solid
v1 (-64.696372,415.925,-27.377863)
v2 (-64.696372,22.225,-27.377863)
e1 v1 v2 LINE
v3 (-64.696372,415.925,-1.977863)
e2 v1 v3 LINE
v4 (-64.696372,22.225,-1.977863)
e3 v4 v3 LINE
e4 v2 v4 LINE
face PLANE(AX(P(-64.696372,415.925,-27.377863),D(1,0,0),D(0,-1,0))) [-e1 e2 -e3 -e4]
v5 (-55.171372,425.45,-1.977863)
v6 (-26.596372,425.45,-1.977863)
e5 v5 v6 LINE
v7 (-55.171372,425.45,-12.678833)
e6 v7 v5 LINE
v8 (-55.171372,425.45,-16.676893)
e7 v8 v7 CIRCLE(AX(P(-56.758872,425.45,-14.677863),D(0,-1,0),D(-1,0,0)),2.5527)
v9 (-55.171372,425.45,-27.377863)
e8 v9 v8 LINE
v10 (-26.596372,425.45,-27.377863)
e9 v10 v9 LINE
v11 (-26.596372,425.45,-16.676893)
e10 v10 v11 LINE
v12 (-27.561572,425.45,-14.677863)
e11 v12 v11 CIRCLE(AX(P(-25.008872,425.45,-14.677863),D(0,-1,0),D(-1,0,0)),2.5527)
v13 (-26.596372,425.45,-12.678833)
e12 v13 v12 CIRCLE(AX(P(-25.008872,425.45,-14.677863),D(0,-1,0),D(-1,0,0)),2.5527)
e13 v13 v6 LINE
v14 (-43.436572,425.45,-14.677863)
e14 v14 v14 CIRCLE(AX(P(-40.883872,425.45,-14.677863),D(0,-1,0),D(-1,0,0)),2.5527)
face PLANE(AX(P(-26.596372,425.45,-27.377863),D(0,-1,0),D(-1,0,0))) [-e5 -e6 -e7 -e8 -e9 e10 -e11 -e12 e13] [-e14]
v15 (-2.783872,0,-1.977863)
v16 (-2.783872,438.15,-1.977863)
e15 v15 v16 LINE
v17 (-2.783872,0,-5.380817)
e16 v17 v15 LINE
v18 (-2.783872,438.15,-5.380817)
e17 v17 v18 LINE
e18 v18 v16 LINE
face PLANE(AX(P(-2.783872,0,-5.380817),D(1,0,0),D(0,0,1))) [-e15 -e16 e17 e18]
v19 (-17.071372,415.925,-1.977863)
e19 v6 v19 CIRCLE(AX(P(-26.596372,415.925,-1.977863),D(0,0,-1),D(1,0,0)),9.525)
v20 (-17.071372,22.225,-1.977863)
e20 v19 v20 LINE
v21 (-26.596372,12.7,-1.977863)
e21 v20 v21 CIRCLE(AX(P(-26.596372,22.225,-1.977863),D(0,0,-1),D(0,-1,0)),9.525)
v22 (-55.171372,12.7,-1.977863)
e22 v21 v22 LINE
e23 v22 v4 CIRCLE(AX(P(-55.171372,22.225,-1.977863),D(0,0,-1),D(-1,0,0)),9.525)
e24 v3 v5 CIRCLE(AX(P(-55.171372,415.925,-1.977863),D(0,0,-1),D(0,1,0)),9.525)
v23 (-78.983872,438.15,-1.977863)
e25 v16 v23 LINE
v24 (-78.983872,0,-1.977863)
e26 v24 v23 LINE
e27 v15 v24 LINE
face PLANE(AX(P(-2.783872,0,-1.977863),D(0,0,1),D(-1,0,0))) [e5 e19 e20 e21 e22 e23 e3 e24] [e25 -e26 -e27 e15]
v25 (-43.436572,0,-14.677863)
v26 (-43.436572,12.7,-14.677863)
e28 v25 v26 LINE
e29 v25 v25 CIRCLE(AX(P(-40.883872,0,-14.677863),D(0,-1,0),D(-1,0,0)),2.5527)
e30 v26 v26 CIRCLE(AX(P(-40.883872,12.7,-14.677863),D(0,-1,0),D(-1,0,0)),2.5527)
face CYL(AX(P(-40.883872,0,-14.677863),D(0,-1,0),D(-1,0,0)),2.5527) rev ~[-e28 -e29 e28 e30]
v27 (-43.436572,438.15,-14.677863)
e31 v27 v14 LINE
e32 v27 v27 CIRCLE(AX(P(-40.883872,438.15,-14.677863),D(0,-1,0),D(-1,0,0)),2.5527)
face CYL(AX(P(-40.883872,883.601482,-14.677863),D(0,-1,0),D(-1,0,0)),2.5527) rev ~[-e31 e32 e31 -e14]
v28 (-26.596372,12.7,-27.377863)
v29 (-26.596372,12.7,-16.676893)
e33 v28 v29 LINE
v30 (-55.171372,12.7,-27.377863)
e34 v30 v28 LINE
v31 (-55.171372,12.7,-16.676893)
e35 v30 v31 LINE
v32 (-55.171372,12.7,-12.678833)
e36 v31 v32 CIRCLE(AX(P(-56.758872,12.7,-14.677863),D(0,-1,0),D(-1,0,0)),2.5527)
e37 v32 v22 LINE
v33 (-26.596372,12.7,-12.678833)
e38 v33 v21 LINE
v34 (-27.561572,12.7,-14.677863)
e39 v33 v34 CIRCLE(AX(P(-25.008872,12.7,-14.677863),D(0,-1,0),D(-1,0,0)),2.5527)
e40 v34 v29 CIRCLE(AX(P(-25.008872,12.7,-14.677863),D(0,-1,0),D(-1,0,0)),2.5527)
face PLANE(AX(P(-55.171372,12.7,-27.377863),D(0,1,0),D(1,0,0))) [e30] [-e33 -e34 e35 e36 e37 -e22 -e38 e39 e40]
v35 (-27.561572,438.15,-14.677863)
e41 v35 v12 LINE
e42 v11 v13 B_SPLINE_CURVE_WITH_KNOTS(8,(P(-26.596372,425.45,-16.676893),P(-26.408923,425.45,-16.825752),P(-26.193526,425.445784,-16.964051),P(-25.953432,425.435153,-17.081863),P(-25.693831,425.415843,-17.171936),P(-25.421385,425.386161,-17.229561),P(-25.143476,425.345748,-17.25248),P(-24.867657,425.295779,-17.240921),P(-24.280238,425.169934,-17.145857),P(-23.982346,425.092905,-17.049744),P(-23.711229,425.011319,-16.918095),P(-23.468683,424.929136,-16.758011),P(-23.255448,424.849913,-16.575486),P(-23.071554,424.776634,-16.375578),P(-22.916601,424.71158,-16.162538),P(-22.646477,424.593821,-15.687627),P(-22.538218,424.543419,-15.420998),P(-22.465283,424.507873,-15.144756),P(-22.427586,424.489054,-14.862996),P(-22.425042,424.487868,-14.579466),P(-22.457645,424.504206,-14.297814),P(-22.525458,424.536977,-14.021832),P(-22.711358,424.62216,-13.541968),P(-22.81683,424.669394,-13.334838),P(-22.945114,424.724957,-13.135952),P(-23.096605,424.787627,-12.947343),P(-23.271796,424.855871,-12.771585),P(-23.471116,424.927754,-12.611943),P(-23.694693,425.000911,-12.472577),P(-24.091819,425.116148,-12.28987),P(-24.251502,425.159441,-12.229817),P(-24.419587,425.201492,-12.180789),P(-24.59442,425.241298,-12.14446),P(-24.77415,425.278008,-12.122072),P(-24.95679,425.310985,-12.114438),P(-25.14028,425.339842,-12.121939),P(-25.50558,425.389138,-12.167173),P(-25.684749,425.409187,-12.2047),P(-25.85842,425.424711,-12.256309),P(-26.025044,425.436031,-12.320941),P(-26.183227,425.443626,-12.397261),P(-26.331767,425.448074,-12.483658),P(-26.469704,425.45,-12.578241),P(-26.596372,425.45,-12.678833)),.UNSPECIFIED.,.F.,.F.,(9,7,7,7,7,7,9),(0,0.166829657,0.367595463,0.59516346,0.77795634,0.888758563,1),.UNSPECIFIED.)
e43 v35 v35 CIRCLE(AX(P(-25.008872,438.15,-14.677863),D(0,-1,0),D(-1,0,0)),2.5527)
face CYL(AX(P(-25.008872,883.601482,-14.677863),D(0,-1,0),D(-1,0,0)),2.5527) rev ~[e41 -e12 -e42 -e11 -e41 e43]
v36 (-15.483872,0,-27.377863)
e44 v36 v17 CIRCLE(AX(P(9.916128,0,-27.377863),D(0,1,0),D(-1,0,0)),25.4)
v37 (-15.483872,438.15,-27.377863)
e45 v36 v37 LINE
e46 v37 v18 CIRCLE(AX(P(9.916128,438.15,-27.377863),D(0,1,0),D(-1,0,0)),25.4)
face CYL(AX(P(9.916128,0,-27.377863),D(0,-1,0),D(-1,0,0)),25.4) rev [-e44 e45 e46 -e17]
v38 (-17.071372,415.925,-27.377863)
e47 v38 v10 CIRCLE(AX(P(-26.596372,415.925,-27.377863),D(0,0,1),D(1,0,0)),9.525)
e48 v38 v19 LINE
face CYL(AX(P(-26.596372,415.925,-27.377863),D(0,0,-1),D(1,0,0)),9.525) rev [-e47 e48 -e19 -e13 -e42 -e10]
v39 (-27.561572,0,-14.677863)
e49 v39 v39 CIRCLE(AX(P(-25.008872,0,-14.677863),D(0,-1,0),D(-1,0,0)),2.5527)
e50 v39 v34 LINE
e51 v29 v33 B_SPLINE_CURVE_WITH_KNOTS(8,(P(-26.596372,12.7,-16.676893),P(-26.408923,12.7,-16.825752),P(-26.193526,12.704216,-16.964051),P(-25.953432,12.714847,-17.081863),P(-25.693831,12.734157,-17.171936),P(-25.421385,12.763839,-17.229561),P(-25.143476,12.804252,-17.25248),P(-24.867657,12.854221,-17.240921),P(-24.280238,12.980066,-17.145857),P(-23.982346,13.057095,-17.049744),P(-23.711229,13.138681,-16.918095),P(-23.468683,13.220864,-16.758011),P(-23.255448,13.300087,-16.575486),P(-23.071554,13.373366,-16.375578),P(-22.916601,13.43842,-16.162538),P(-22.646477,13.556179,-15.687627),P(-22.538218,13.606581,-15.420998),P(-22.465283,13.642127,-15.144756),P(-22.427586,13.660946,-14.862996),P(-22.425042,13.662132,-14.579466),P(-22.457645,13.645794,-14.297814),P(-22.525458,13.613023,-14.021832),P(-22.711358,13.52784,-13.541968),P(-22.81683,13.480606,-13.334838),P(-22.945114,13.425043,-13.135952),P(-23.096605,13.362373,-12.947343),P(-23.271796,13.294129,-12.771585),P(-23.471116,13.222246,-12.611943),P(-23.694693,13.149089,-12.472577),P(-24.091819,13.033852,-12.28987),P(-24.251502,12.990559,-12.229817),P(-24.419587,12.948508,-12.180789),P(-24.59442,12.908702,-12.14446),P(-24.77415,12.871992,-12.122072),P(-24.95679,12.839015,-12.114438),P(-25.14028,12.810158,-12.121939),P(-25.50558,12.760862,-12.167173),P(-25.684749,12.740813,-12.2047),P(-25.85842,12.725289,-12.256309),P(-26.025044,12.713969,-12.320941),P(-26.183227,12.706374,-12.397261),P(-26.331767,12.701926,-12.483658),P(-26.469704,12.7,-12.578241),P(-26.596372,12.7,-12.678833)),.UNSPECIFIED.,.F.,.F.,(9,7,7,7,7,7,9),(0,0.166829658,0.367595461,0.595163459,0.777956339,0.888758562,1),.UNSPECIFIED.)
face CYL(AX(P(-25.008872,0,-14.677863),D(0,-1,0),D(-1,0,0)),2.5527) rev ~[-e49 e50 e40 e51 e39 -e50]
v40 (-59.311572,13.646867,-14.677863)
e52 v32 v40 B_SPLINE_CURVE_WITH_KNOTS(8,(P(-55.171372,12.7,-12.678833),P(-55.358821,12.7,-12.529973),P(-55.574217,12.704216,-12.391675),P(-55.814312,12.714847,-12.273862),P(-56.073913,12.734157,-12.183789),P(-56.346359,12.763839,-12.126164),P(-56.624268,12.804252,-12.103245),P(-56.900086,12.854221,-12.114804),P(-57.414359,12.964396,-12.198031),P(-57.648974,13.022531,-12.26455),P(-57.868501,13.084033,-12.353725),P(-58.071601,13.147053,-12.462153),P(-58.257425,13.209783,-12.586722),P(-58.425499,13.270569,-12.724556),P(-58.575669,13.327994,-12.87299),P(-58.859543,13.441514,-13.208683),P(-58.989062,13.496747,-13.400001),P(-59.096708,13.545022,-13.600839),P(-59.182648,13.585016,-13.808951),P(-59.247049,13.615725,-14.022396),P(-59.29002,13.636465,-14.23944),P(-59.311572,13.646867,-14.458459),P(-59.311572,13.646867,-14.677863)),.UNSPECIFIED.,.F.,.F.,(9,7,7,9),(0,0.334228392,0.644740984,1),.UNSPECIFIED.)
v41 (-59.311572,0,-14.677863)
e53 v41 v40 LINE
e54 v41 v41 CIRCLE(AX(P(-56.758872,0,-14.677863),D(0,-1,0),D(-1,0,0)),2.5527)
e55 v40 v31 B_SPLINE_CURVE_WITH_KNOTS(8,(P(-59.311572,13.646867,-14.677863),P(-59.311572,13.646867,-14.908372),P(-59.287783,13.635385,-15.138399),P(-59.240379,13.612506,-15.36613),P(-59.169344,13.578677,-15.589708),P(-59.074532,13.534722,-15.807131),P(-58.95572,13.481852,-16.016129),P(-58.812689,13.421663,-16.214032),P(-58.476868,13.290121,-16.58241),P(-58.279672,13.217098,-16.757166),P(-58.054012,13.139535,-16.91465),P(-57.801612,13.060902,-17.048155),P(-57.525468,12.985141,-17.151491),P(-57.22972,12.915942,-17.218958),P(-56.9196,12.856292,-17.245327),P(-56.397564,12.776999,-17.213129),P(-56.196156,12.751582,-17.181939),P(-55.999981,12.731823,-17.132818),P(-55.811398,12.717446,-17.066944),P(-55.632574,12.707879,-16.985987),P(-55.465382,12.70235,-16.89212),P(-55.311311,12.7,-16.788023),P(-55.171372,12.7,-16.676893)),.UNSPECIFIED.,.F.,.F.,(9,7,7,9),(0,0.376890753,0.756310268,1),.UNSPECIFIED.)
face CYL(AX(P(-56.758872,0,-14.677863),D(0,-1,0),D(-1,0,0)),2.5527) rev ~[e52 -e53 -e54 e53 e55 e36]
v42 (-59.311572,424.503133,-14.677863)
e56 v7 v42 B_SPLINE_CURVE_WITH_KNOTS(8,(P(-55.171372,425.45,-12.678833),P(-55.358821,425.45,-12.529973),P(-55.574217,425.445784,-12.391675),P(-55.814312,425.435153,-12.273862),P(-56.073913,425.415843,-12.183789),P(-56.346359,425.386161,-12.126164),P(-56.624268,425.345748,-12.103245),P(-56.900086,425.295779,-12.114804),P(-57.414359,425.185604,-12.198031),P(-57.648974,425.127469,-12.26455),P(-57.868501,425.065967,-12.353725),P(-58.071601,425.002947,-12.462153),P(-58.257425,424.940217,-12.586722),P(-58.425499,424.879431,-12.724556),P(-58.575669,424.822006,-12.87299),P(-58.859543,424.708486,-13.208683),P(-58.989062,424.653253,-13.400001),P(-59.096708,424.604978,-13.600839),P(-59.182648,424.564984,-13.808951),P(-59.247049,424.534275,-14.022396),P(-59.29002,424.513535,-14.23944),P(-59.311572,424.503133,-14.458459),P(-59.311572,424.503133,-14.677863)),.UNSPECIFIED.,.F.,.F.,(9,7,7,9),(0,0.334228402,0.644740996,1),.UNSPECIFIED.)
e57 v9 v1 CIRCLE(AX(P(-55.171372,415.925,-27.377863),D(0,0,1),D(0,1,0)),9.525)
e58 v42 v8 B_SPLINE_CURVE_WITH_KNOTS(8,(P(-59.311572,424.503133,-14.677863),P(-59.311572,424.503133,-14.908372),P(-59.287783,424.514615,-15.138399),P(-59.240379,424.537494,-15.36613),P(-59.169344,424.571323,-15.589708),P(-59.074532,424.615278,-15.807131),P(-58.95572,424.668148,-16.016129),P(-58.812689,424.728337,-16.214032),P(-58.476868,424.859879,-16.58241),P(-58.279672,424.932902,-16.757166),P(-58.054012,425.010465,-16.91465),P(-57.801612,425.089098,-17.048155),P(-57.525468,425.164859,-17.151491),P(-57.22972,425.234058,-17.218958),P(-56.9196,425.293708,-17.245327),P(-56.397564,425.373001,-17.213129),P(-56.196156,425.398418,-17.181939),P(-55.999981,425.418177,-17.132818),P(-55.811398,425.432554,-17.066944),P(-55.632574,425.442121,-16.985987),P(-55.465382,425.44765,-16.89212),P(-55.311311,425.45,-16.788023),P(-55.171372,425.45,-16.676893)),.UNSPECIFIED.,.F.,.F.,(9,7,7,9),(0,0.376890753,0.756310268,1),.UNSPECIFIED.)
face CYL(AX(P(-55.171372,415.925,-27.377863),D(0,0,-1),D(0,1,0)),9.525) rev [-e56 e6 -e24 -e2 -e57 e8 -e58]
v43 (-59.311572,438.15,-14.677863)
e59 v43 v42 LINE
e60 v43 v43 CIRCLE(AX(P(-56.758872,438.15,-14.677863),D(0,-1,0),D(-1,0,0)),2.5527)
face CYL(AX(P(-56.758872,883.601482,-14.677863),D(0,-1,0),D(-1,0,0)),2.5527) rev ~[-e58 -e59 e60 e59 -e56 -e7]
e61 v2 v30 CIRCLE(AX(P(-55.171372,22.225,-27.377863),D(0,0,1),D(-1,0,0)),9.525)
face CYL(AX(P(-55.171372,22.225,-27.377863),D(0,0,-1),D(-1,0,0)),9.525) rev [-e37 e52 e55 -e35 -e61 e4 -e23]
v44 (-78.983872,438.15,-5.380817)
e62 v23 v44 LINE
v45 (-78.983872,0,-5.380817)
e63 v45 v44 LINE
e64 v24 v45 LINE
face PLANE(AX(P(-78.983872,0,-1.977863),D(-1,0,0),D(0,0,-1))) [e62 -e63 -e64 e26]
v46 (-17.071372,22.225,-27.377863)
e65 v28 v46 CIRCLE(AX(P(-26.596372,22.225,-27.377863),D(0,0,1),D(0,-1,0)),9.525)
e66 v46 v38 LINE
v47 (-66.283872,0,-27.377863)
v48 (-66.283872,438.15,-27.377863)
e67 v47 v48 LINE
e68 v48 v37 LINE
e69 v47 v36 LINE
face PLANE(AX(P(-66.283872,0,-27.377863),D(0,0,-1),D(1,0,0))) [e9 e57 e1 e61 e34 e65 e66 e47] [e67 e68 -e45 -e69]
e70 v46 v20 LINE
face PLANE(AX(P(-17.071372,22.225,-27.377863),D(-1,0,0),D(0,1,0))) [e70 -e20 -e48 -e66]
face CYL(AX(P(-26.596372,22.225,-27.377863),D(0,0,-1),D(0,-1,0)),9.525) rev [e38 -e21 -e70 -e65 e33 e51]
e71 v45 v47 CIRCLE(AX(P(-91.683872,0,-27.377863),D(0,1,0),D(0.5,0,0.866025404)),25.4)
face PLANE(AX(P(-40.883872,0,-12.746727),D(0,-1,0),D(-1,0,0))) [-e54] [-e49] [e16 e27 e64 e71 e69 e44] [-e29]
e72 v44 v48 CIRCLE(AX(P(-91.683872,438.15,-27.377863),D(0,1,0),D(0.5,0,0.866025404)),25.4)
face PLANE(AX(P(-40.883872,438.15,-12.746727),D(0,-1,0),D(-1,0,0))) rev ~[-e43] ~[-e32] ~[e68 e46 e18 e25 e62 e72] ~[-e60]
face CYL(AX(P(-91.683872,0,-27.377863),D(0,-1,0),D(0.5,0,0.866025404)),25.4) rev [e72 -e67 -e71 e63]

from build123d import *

# Parameters (mm, degrees)
BOSS_EXTRUDE2_DEPTH          = 438.15
CUT_EXTRUDE1_DEPTH           = 446.936132759
F_1_4_20_TAPPED_HOLE1_REACH  = 448.053
F_1_4_20_TAPPED_HOLE1_BORE_R = 2.5527
F_1_4_20_TAPPED_HOLE2_D      = 5.1054


with BuildPart() as part:
    # Sketch1 → Boss-Extrude2 (new body)
    with BuildSketch(Plane(origin=(0, 0, 0), x_dir=(1, 0, 0), z_dir=(0, 1, 0))):
        with BuildLine():
            Line((-66.283871769, 27.377862638), (-15.483871769, 27.377862638))
            ThreePointArc((-15.483871769, 27.377862638), (-12.080917025, 14.677862638), (-2.783871769, 5.380817382))
            Line((-2.783871769, 5.380817382), (-2.783871769, 1.977862638))
            Line((-2.783871769, 1.977862638), (-78.983871769, 1.977862638))
            Line((-78.983871769, 1.977862638), (-78.983871769, 5.380817382))
            ThreePointArc((-78.983871769, 5.380817382), (-69.686826513, 14.677862638), (-66.283871769, 27.377862638))
        make_face()
    extrude(amount=BOSS_EXTRUDE2_DEPTH)

    # Sketch6 → Cut-Extrude1 (cut, through all)
    with BuildSketch(Plane(origin=(0, 0, -27.377862638), x_dir=(-1, 0, 0), z_dir=(0, 0, -1))):
        with BuildLine():
            Line((26.596371769, 425.45), (55.171371769, 425.45))
            ThreePointArc((55.171371769, 425.45), (61.90656386, 422.660192091), (64.696371769, 415.925))
            Line((64.696371769, 415.925), (64.696371769, 22.225))
            ThreePointArc((64.696371769, 22.225), (61.90656386, 15.489807909), (55.171371769, 12.7))
            Line((55.171371769, 12.7), (26.596371769, 12.7))
            ThreePointArc((26.596371769, 12.7), (19.861179678, 15.489807909), (17.071371769, 22.225))
            Line((17.071371769, 22.225), (17.071371769, 415.925))
            ThreePointArc((17.071371769, 415.925), (19.861179678, 422.660192091), (26.596371769, 425.45))
        make_face()
    extrude(amount=-CUT_EXTRUDE1_DEPTH, mode=Mode.SUBTRACT)

    # 1/4-20 Tapped Hole1 bore → 1/4-20 Tapped Hole1 (cut, up to next)
    with BuildSketch(Plane(origin=(0, 0, 0), x_dir=(-1, 0, 0), z_dir=(0, -1, 0)), mode=Mode.PRIVATE) as f_1_4_20_tapped_hole1_sk1:
        with Locations((40.883871769, 14.677862638)):
            Circle(F_1_4_20_TAPPED_HOLE1_BORE_R)
    f_1_4_20_tapped_hole1_tool1 = extrude(f_1_4_20_tapped_hole1_sk1.sketch, amount=-F_1_4_20_TAPPED_HOLE1_REACH, mode=Mode.PRIVATE) & part.part
    # 1/4-20 Tapped Hole1 bore → 1/4-20 Tapped Hole1 (cut, up to next)
    with BuildSketch(Plane(origin=(0, 0, 0), x_dir=(-1, 0, 0), z_dir=(0, -1, 0)), mode=Mode.PRIVATE) as f_1_4_20_tapped_hole1_sk2:
        with Locations((56.758871769, 14.677862638)):
            Circle(F_1_4_20_TAPPED_HOLE1_BORE_R)
    f_1_4_20_tapped_hole1_tool2 = extrude(f_1_4_20_tapped_hole1_sk2.sketch, amount=-F_1_4_20_TAPPED_HOLE1_REACH, mode=Mode.PRIVATE) & part.part
    # 1/4-20 Tapped Hole1 bore → 1/4-20 Tapped Hole1 (cut, up to next)
    with BuildSketch(Plane(origin=(0, 0, 0), x_dir=(-1, 0, 0), z_dir=(0, -1, 0)), mode=Mode.PRIVATE) as f_1_4_20_tapped_hole1_sk3:
        with Locations((25.008871769, 14.677862638)):
            Circle(F_1_4_20_TAPPED_HOLE1_BORE_R)
    f_1_4_20_tapped_hole1_tool3 = extrude(f_1_4_20_tapped_hole1_sk3.sketch, amount=-F_1_4_20_TAPPED_HOLE1_REACH, mode=Mode.PRIVATE) & part.part
    add(f_1_4_20_tapped_hole1_tool1.solids().sort_by_distance((-40.883872, 0, -14.677863))[0], mode=Mode.SUBTRACT)
    add(f_1_4_20_tapped_hole1_tool2.solids().sort_by_distance((-56.758872, 0, -14.677863))[0], mode=Mode.SUBTRACT)
    add(f_1_4_20_tapped_hole1_tool3.solids().sort_by_distance((-25.008872, 0, -14.677863))[0], mode=Mode.SUBTRACT)

    # 1/4-20 Tapped Hole2 (through all)
    with Locations(Plane(origin=(0, 438.15, 0), x_dir=(1, 0, 0), z_dir=(0, 1, 0))):
        with Locations((-56.758871769, 14.677862638), (-40.883871769, 14.677862638), (-25.008871769, 14.677862638)):
            Hole(F_1_4_20_TAPPED_HOLE2_D / 2)


solid = part.part
